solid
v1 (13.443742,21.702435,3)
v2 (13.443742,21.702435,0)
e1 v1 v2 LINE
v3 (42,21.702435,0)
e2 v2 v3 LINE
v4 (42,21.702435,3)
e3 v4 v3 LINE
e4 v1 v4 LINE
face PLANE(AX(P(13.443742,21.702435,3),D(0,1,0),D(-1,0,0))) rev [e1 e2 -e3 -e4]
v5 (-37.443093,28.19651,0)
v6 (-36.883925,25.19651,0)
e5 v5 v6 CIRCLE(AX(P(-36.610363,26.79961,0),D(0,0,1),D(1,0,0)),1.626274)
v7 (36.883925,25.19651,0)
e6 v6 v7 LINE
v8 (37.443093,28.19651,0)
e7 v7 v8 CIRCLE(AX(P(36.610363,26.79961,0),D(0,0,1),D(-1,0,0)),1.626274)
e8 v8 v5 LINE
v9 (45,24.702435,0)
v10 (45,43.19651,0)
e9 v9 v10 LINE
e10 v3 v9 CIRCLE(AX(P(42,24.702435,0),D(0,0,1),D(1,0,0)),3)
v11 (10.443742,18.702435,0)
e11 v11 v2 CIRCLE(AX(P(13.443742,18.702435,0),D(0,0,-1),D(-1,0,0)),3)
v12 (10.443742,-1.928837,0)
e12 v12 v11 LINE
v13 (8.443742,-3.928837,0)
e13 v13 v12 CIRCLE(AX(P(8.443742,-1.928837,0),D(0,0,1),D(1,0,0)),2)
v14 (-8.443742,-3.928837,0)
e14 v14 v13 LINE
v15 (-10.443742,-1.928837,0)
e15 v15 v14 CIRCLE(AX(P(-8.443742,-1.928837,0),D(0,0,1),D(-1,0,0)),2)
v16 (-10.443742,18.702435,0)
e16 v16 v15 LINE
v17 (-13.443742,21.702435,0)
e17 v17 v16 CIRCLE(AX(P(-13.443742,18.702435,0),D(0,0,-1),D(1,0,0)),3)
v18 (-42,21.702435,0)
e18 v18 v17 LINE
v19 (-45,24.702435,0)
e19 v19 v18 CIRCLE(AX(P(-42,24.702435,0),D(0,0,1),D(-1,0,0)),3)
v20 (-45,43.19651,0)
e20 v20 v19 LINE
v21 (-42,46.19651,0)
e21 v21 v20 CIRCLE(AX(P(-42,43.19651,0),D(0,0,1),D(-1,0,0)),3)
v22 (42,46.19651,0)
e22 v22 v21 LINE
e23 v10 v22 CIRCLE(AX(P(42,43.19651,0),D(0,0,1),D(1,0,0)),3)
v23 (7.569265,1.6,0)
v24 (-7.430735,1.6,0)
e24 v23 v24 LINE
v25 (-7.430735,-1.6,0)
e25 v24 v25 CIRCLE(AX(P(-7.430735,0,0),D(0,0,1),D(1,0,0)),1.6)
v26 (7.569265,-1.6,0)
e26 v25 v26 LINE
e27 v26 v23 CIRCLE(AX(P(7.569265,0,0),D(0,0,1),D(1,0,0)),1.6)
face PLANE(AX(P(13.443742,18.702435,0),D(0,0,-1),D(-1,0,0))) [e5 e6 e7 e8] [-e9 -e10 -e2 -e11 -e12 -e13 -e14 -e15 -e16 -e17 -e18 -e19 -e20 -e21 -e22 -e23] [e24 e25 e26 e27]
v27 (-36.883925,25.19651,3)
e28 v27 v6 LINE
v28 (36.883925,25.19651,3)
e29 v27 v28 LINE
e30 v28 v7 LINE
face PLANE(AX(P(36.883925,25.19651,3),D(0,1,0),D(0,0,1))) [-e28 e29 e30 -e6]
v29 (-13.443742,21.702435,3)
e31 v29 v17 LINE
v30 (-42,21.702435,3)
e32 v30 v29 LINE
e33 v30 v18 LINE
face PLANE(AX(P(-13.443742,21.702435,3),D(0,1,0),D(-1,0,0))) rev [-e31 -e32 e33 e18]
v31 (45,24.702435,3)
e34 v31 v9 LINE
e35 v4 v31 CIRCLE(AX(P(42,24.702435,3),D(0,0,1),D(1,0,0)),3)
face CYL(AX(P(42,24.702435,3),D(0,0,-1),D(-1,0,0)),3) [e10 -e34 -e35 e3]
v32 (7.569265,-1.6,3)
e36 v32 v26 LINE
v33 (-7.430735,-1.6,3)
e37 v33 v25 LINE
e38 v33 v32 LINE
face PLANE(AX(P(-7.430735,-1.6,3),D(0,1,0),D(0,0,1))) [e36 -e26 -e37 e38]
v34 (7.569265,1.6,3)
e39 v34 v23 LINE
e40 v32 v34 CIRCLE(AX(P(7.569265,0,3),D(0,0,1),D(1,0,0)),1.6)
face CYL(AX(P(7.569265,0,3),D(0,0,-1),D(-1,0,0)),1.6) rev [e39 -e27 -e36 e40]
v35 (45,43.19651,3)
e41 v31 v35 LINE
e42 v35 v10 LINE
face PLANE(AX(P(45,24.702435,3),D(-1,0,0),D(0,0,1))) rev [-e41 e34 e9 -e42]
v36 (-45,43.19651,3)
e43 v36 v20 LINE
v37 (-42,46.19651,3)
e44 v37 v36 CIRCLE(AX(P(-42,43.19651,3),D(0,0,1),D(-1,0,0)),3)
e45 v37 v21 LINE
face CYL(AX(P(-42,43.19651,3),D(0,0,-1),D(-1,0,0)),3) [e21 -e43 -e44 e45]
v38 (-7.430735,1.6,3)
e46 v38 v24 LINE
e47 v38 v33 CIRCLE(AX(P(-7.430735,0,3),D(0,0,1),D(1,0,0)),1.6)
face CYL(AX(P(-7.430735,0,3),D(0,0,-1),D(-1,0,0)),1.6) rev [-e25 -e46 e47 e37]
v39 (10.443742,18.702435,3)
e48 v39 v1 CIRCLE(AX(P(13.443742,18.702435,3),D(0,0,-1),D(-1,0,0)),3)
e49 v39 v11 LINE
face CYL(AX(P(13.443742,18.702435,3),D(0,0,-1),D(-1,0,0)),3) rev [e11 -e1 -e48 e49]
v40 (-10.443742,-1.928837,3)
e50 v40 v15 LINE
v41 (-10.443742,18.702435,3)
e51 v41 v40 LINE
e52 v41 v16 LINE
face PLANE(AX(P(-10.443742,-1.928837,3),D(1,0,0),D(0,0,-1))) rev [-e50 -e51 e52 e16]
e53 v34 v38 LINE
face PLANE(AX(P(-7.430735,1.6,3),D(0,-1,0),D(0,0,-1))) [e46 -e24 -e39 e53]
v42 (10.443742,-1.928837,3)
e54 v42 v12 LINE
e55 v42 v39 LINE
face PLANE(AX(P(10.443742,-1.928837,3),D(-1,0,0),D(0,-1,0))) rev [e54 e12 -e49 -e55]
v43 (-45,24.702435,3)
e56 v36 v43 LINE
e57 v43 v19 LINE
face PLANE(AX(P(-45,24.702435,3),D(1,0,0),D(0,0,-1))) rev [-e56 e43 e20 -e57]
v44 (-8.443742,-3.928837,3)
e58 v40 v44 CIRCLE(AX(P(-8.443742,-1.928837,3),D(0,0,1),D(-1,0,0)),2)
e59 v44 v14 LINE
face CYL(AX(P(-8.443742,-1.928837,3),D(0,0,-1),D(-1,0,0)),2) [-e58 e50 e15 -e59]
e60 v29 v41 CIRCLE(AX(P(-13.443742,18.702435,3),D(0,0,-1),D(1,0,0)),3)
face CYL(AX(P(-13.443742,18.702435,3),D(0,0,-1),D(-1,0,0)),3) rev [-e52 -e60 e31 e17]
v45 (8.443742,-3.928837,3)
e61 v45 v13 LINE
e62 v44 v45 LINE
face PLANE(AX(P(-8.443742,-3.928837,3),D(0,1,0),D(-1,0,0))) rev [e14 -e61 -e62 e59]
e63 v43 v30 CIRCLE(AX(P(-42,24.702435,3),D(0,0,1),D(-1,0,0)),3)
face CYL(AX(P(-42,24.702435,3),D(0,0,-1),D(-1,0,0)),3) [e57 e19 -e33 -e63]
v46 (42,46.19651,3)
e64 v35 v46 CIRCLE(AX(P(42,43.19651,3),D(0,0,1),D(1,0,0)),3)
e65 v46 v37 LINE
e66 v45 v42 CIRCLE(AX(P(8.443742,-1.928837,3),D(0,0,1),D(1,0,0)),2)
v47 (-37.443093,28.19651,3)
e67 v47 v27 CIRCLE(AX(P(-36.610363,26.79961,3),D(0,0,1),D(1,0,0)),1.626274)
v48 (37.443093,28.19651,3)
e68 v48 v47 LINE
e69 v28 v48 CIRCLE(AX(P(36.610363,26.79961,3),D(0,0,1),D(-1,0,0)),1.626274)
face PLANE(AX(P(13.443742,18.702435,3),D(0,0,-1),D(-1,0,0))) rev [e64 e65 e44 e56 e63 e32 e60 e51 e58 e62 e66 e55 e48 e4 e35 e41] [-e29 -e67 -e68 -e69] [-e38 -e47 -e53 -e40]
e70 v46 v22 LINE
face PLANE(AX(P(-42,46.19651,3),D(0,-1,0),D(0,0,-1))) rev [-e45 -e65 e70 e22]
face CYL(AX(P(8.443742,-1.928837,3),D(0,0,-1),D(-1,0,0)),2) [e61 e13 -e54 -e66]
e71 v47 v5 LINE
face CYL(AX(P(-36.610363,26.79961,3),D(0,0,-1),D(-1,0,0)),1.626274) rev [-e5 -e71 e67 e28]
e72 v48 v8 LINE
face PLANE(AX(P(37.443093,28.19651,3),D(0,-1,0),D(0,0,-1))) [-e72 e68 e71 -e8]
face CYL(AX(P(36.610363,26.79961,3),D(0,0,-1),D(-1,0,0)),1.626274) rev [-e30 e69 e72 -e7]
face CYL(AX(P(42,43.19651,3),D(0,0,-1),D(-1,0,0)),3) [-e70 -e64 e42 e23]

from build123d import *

# Parameters (mm, degrees)
EXTRUDE_2_DEPTH = 3


with BuildPart() as part:
    # 草图1 → 凸台-拉伸2 (new body)
    with BuildSketch(Plane.XY):
        with BuildLine():
            Line((-8.443741515, -3.928837448), (8.443741515, -3.928837448))
            ThreePointArc((8.443741515, -3.928837448), (9.857955078, -3.34305101), (10.443741515, -1.928837448))
            Line((10.443741515, -1.928837448), (10.443741515, 1.702434927))
            Line((10.443741515, 1.702434927), (10.443741515, 18.702434927))
            ThreePointArc((10.443741515, 18.702434927), (11.322421172, 20.823755271), (13.443741515, 21.702434927))
            Line((13.443741515, 21.702434927), (42, 21.702434927))
            ThreePointArc((42, 21.702434927), (44.121320344, 22.581114584), (45, 24.702434927))
            Line((45, 24.702434927), (45, 43.196509927))
            ThreePointArc((45, 43.196509927), (44.121320344, 45.31783027), (42, 46.196509927))
            Line((42, 46.196509927), (-42, 46.196509927))
            ThreePointArc((-42, 46.196509927), (-44.121320344, 45.31783027), (-45, 43.196509927))
            Line((-45, 43.196509927), (-45, 24.702434927))
            ThreePointArc((-45, 24.702434927), (-44.121320344, 22.581114584), (-42, 21.702434927))
            Line((-42, 21.702434927), (-13.443741515, 21.702434927))
            ThreePointArc((-13.443741515, 21.702434927), (-11.322421172, 20.823755271), (-10.443741515, 18.702434927))
            Line((-10.443741515, 18.702434927), (-10.443741515, 1.702434927))
            Line((-10.443741515, 1.702434927), (-10.443741515, -1.928837448))
            ThreePointArc((-10.443741515, -1.928837448), (-9.857955078, -3.34305101), (-8.443741515, -3.928837448))
        make_face()
        with BuildLine():
            Line((-7.430734656, 1.6), (7.569265344, 1.6))
            ThreePointArc((7.569265344, 1.6), (9.169265344, 0), (7.569265344, -1.6))
            Line((7.569265344, -1.6), (-7.430734656, -1.6))
            ThreePointArc((-7.430734656, -1.6), (-9.030734656, 0), (-7.430734656, 1.6))
        make_face(mode=Mode.SUBTRACT)
        with BuildLine():
            Line((36.883924739, 25.196509927), (-36.883924739, 25.196509927))
            ThreePointArc((-36.883924739, 25.196509927), (-38.209103575, 26.501622059), (-37.4430933, 28.196509927))
            Line((-37.4430933, 28.196509927), (37.4430933, 28.196509927))
            ThreePointArc((37.4430933, 28.196509927), (38.209103575, 26.501622059), (36.883924739, 25.196509927))
        make_face(mode=Mode.SUBTRACT)
    extrude(amount=EXTRUDE_2_DEPTH)


solid = part.part
